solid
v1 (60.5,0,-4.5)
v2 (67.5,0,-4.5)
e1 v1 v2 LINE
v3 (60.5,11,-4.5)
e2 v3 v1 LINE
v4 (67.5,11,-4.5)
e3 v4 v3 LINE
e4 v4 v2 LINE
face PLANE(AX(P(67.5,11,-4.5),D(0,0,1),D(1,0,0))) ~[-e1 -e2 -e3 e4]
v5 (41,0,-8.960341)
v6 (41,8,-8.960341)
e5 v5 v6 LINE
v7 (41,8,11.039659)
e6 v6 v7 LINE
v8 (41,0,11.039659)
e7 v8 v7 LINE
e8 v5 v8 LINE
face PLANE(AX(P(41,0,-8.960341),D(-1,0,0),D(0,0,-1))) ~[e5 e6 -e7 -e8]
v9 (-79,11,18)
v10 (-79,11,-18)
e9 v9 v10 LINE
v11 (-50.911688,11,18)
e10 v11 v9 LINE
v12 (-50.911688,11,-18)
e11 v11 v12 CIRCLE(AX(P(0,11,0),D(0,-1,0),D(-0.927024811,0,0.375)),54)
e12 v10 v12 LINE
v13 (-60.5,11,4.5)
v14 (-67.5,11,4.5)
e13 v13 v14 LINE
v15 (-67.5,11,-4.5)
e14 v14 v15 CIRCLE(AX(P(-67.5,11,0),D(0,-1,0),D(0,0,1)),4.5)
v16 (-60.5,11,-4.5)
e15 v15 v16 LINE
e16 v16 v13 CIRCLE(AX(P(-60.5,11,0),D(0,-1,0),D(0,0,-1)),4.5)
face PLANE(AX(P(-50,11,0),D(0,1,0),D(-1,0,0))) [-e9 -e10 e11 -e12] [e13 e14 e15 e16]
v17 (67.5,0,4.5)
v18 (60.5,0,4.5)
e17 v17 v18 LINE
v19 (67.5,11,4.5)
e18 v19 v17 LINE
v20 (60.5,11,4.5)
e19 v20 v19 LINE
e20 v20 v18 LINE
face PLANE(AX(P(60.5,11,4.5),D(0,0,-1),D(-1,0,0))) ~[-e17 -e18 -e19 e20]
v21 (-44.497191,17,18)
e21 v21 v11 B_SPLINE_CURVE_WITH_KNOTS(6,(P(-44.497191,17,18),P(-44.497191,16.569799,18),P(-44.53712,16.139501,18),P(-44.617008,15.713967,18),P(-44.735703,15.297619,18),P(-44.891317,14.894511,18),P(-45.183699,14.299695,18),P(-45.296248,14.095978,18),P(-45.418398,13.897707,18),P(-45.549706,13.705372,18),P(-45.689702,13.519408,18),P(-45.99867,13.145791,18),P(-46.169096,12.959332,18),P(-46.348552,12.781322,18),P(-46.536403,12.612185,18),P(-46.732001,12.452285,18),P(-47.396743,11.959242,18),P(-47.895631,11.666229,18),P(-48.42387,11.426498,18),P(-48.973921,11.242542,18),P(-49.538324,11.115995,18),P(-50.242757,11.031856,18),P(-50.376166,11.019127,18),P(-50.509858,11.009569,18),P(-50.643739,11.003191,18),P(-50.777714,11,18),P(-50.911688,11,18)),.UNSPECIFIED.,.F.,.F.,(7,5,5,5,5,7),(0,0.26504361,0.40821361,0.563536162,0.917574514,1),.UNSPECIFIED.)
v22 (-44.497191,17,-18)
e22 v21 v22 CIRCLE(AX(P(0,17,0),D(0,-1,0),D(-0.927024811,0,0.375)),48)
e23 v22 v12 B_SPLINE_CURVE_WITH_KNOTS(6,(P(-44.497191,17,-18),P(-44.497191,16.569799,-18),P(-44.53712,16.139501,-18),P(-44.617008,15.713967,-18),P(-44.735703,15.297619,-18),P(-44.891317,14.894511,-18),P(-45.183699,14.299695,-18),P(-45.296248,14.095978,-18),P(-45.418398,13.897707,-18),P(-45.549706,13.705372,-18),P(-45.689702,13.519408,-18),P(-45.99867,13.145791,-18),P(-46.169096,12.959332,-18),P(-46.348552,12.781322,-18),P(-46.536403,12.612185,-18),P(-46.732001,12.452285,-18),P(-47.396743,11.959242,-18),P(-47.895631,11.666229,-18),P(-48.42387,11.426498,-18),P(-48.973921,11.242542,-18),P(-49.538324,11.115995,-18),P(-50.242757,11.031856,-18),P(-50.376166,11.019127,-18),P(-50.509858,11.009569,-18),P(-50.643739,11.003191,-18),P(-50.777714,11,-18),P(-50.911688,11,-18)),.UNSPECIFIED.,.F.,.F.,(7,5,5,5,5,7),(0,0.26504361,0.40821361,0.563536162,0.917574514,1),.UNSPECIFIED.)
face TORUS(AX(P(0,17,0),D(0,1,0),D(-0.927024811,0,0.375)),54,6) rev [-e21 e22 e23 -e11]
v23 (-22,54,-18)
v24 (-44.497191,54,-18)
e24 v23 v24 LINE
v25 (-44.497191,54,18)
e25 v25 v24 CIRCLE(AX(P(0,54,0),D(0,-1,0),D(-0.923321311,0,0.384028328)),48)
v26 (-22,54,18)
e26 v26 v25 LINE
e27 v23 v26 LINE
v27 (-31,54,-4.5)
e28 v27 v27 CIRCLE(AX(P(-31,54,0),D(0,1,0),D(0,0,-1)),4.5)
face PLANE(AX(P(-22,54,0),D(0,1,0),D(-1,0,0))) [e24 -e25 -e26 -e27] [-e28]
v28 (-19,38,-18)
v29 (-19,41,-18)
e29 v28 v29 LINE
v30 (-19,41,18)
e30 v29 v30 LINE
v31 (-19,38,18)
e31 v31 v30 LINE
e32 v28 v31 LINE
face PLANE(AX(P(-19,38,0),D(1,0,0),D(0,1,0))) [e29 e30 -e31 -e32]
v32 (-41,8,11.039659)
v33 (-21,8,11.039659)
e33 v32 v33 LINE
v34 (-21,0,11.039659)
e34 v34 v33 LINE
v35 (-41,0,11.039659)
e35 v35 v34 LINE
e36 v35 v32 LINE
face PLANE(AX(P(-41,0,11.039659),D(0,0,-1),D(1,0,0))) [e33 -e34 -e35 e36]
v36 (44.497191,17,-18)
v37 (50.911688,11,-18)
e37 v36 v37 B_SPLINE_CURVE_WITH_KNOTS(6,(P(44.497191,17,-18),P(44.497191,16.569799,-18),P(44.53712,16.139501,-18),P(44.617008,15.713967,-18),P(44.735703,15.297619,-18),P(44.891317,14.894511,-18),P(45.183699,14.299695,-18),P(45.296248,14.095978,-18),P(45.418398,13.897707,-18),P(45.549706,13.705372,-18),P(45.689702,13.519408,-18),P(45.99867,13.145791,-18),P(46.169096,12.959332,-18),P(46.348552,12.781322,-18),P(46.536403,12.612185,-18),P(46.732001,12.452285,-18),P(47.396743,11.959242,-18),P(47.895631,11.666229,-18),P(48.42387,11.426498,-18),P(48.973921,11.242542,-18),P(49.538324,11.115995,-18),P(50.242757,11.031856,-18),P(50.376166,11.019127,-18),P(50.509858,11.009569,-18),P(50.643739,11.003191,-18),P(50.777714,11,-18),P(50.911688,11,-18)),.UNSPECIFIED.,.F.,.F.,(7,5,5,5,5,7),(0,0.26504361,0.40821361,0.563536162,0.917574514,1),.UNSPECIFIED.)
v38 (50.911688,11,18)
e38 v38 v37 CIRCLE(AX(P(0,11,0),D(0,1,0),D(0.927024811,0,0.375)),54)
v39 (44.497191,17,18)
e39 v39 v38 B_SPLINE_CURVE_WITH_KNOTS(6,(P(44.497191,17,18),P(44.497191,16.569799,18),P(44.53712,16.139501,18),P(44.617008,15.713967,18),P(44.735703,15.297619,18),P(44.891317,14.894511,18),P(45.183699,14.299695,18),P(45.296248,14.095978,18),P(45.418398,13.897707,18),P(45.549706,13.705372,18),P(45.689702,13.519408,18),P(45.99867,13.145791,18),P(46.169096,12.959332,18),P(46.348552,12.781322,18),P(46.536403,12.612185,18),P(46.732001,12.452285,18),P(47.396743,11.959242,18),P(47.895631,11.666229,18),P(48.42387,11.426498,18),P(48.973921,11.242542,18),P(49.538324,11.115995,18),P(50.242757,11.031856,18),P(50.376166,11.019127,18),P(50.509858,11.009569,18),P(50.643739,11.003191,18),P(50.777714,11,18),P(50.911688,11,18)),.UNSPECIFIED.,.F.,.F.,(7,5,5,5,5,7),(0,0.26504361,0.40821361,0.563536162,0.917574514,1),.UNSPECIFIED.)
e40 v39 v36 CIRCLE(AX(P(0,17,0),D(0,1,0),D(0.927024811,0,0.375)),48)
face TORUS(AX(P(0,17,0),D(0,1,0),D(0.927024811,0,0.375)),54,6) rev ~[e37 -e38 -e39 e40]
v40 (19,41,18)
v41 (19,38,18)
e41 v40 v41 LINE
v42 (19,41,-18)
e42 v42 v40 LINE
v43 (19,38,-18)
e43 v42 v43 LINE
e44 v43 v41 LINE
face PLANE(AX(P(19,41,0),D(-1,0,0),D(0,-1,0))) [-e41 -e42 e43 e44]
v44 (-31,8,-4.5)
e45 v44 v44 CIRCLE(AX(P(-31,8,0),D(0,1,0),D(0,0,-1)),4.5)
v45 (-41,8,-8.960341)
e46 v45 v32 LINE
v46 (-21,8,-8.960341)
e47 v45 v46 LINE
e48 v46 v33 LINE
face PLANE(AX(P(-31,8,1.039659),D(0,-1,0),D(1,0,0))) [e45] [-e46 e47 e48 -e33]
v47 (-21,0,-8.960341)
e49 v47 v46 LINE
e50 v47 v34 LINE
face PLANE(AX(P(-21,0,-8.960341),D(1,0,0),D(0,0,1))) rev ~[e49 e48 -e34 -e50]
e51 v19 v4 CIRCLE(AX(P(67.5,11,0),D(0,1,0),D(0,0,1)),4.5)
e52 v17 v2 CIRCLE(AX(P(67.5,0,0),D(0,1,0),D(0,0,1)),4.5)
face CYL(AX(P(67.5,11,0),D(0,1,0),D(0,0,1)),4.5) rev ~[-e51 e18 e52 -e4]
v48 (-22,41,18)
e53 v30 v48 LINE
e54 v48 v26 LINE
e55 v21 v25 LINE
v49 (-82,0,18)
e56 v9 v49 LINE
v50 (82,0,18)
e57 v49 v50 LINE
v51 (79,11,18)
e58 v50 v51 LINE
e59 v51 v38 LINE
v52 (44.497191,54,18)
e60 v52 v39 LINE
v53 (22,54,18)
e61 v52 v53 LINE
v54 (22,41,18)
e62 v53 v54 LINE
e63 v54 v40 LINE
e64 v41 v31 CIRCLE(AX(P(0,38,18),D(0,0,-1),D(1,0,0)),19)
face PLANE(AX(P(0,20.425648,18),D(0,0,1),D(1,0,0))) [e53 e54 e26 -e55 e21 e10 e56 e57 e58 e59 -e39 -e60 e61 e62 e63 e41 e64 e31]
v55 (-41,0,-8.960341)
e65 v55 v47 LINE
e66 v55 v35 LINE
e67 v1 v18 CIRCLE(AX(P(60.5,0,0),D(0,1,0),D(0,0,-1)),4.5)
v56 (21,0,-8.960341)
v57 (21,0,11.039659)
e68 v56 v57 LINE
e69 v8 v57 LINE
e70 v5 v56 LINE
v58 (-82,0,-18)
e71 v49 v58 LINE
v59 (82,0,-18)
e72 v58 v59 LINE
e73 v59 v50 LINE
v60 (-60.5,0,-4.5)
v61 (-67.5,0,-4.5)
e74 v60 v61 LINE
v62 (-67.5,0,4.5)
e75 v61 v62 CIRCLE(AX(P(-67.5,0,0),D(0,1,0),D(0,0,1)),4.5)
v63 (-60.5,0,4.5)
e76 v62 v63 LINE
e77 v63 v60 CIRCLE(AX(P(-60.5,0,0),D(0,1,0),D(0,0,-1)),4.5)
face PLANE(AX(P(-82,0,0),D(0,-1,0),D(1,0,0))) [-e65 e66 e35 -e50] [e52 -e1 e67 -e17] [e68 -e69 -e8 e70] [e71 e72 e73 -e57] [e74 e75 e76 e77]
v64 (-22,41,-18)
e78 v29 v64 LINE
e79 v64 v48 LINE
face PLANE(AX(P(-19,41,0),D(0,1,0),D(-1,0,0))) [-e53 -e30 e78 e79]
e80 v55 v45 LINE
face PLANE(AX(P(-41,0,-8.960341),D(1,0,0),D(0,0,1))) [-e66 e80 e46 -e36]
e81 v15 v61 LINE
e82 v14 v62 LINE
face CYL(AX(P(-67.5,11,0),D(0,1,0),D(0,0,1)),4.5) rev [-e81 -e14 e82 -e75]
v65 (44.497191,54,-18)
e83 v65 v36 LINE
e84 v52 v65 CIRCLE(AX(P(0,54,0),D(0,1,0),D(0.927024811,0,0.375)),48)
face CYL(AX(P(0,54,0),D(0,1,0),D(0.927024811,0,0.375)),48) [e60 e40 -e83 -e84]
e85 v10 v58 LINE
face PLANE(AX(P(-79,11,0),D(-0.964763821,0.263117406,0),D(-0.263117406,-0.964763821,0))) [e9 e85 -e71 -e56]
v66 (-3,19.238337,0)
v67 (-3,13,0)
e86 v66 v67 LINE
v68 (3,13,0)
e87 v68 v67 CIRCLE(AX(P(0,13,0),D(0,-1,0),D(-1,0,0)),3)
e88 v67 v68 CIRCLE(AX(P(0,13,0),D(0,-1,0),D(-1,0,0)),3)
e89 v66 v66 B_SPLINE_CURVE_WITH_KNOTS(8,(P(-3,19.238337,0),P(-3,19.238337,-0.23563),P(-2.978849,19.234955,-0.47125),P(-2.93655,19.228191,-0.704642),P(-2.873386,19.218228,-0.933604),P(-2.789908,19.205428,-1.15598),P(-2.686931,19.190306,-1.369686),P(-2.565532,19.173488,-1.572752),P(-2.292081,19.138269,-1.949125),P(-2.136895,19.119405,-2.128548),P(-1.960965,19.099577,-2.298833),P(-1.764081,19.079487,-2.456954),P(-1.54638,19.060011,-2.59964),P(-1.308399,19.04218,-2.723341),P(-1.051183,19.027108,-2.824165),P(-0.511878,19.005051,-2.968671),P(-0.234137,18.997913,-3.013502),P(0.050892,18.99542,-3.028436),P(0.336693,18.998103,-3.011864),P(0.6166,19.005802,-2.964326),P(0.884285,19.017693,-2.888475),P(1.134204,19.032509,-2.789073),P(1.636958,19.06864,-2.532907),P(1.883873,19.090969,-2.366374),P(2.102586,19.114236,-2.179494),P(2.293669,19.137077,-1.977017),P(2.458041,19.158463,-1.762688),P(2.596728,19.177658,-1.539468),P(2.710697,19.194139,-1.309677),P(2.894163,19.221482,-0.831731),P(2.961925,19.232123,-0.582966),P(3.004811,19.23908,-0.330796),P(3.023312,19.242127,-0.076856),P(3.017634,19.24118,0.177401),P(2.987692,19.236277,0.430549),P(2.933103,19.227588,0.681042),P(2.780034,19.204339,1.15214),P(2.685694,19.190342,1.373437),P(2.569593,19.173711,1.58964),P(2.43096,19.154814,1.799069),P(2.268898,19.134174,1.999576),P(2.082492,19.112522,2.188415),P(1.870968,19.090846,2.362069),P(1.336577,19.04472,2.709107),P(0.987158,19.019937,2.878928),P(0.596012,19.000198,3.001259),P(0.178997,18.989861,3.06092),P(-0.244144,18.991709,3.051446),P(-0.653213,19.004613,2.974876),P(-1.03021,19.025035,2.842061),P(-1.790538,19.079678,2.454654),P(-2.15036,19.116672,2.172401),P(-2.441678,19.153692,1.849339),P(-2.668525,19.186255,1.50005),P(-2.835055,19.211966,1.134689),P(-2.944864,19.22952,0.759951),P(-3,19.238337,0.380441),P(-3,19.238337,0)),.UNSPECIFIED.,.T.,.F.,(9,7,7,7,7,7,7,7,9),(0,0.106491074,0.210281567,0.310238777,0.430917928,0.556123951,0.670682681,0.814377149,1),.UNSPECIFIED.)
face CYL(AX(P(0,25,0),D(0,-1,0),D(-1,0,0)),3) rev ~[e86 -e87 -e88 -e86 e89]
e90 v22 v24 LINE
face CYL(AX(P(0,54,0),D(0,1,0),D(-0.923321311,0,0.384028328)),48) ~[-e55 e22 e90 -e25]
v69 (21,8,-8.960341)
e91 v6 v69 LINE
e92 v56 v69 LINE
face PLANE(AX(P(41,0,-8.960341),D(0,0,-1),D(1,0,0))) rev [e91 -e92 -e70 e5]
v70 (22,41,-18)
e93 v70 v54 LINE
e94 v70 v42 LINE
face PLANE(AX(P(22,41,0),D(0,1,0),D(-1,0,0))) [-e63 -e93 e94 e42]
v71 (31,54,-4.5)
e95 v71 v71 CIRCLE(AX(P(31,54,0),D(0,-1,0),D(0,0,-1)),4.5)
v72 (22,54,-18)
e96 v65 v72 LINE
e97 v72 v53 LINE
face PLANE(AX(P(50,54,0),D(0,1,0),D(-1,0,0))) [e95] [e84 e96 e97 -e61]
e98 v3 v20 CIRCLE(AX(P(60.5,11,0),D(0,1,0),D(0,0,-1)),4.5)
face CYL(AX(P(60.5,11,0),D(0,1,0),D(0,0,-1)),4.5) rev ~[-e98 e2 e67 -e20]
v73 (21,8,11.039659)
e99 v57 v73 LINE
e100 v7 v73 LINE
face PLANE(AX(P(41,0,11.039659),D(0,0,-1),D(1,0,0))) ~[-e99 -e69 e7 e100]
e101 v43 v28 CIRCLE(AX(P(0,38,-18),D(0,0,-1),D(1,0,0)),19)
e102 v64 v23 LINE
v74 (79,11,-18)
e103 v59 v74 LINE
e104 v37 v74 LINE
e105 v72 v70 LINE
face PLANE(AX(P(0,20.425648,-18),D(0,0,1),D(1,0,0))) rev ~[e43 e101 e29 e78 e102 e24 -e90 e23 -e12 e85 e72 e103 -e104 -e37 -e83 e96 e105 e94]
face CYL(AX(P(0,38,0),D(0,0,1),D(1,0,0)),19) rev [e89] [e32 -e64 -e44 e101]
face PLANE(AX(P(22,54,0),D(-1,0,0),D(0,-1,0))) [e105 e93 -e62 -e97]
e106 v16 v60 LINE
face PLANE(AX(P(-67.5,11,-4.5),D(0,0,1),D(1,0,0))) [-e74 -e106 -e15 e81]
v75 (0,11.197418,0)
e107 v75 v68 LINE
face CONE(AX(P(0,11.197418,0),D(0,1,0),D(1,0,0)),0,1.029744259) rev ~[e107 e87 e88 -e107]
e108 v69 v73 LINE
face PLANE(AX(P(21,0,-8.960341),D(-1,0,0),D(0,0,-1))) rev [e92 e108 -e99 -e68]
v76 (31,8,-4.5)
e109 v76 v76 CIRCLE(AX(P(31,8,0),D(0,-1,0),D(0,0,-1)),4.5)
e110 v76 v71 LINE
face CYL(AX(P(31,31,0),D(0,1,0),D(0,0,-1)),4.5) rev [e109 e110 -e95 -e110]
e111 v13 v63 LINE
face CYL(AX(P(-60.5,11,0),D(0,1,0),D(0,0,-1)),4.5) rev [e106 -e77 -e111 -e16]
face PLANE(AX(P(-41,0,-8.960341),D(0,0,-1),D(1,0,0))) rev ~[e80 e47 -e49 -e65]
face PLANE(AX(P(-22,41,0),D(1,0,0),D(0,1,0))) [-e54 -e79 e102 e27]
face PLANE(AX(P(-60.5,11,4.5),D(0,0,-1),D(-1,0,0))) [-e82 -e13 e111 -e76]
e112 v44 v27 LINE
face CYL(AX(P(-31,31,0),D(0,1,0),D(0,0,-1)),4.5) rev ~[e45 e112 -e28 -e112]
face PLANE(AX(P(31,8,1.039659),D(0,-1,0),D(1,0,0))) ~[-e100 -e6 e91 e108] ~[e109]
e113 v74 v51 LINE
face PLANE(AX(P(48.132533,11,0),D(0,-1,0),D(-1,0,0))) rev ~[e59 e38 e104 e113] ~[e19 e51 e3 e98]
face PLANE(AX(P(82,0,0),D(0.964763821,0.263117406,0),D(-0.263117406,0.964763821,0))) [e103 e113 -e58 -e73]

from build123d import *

# Parameters (mm, degrees)
BOSS_EXTRUDE1_DEPTH        = 18
CUT_EXTRUDE4_DEPTH         = 43
CUT_EXTRUDE5_DEPTH         = 95.323910012
SKETCH13_W                 = 20
SKETCH13_H                 = 20
CUT_EXTRUDE7_DEPTH         = 8
SKETCH18_W                 = 4.5
SKETCH18_H                 = 46
F_10_0MM_DOWEL_HOLE7_D     = 6
F_10_0MM_DOWEL_HOLE7_DEPTH = 6
F_10_0MM_DOWEL_HOLE7_TIP   = 1.802581857
CUT_EXTRUDE8_DEPTH         = 43
FILLET2_R                  = 6


with BuildPart() as part:
    # Sketch1 → Boss-Extrude1 (new, symmetric)
    with BuildSketch(Plane.XY):
        with BuildLine():
            Line((-82, 0), (82, 0))
            Line((82, 0), (79, 11))
            Line((79, 11), (50, 11))
            Line((50, 11), (50, 54))
            Line((50, 54), (22, 54))
            Line((22, 54), (22, 41))
            Line((22, 41), (19, 41))
            Line((19, 41), (19, 38))
            ThreePointArc((19, 38), (0, 19), (-19, 38))
            Line((-19, 38), (-19, 41))
            Line((-19, 41), (-22, 41))
            Line((-22, 41), (-22, 54))
            Line((-22, 54), (-50, 54))
            Line((-50, 54), (-50, 11))
            Line((-50, 11), (-79, 11))
            Line((-79, 11), (-82, 0))
        make_face()
    extrude(amount=BOSS_EXTRUDE1_DEPTH, both=True)

    # Sketch5 → Cut-Extrude4 (cut)
    with BuildSketch(Plane(origin=(0, 54, 0), x_dir=(1, 0, 0), z_dir=(0, 1, 0))):
        with BuildLine():
            Line((-44.319422925, 18.433359747), (-50, 18))
            Line((-50, 18), (-50, -18))
            Line((-50, -18), (-44.319422925, -18.433359747))
            ThreePointArc((-44.319422925, -18.433359747), (-48, 0), (-44.319422925, 18.433359747))
        make_face()
    extrude(amount=-CUT_EXTRUDE4_DEPTH, mode=Mode.SUBTRACT)

    # Sketch6 → Cut-Extrude5 (cut, through all)
    with BuildSketch(Plane(origin=(0, 11, 0), x_dir=(1, 0, 0), z_dir=(0, 1, 0))):
        with BuildLine():
            Line((-67.5, 4.5), (-60.5, 4.5))
            ThreePointArc((-60.5, 4.5), (-56, 0), (-60.5, -4.5))
            Line((-60.5, -4.5), (-67.5, -4.5))
            ThreePointArc((-67.5, -4.5), (-72, 0), (-67.5, 4.5))
        make_face()
    cut_extrude5 = extrude(amount=-CUT_EXTRUDE5_DEPTH, mode=Mode.SUBTRACT)

    # Sketch13 → Cut-Extrude7 (cut)
    with BuildSketch(Plane.XZ):
        with Locations((-31, 1.039658797)):
            Rectangle(SKETCH13_W, SKETCH13_H)
    cut_extrude7 = extrude(amount=-CUT_EXTRUDE7_DEPTH, mode=Mode.SUBTRACT)

    # Sketch18 → Ø10.0mm Dowel Hole5 (revolve, cut)
    with BuildSketch(Plane(origin=(-31, 8, 0), x_dir=(0, 0, -1), z_dir=(1, 0, 0))):
        with Locations((2.25, 23)):
            Rectangle(SKETCH18_W, SKETCH18_H)
    f_10_0mm_dowel_hole5 = revolve(axis=Axis((-31, 1.65, 0), (0, 1, 0)), mode=Mode.SUBTRACT)

    # Mirror3: Cut-Extrude5, Ø10.0mm Dowel Hole5 across plane
    add(cut_extrude5.mirror(Plane(origin=(0, 0, 0), x_dir=(0, 0, 1), z_dir=(1, 0, 0))), mode=Mode.SUBTRACT)
    add(f_10_0mm_dowel_hole5.mirror(Plane(origin=(0, 0, 0), x_dir=(0, 0, 1), z_dir=(1, 0, 0))), mode=Mode.SUBTRACT)

    # Ø10.0mm Dowel Hole7
    with Locations(Plane(origin=(0, 19, 0), x_dir=(1, 0, 0), z_dir=(0, 1, 0))):
        with Locations((0, 0)):
            Hole(F_10_0MM_DOWEL_HOLE7_D / 2, depth=F_10_0MM_DOWEL_HOLE7_DEPTH)
            with Locations((0, 0, -(F_10_0MM_DOWEL_HOLE7_DEPTH + F_10_0MM_DOWEL_HOLE7_TIP / 2))):  # 118° drill point
                Cone(0, F_10_0MM_DOWEL_HOLE7_D / 2, F_10_0MM_DOWEL_HOLE7_TIP, mode=Mode.SUBTRACT)

    # Sketch25 → Cut-Extrude8 (cut)
    with BuildSketch(Plane(origin=(0, 54, 0), x_dir=(1, 0, 0), z_dir=(0, 1, 0))):
        with BuildLine():
            Line((44.497190923, 18), (50, 18))
            Line((50, 18), (50, -18))
            Line((50, -18), (44.497190923, -18))
            ThreePointArc((44.497190923, -18), (48, 0), (44.497190923, 18))
        make_face()
    extrude(amount=-CUT_EXTRUDE8_DEPTH, mode=Mode.SUBTRACT)

    # Fillet2
    fillet2_edges = [part.edges().sort_by_distance(p)[0] for p in [
        (48, 11, 0),
        (-48, 11, 0),
    ]]
    fillet(fillet2_edges, radius=FILLET2_R)

    # Mirror4: Cut-Extrude7 across plane
    add(cut_extrude7.mirror(Plane(origin=(0, 0, 0), x_dir=(0, 0, 1), z_dir=(1, 0, 0))), mode=Mode.SUBTRACT)


solid = part.part
